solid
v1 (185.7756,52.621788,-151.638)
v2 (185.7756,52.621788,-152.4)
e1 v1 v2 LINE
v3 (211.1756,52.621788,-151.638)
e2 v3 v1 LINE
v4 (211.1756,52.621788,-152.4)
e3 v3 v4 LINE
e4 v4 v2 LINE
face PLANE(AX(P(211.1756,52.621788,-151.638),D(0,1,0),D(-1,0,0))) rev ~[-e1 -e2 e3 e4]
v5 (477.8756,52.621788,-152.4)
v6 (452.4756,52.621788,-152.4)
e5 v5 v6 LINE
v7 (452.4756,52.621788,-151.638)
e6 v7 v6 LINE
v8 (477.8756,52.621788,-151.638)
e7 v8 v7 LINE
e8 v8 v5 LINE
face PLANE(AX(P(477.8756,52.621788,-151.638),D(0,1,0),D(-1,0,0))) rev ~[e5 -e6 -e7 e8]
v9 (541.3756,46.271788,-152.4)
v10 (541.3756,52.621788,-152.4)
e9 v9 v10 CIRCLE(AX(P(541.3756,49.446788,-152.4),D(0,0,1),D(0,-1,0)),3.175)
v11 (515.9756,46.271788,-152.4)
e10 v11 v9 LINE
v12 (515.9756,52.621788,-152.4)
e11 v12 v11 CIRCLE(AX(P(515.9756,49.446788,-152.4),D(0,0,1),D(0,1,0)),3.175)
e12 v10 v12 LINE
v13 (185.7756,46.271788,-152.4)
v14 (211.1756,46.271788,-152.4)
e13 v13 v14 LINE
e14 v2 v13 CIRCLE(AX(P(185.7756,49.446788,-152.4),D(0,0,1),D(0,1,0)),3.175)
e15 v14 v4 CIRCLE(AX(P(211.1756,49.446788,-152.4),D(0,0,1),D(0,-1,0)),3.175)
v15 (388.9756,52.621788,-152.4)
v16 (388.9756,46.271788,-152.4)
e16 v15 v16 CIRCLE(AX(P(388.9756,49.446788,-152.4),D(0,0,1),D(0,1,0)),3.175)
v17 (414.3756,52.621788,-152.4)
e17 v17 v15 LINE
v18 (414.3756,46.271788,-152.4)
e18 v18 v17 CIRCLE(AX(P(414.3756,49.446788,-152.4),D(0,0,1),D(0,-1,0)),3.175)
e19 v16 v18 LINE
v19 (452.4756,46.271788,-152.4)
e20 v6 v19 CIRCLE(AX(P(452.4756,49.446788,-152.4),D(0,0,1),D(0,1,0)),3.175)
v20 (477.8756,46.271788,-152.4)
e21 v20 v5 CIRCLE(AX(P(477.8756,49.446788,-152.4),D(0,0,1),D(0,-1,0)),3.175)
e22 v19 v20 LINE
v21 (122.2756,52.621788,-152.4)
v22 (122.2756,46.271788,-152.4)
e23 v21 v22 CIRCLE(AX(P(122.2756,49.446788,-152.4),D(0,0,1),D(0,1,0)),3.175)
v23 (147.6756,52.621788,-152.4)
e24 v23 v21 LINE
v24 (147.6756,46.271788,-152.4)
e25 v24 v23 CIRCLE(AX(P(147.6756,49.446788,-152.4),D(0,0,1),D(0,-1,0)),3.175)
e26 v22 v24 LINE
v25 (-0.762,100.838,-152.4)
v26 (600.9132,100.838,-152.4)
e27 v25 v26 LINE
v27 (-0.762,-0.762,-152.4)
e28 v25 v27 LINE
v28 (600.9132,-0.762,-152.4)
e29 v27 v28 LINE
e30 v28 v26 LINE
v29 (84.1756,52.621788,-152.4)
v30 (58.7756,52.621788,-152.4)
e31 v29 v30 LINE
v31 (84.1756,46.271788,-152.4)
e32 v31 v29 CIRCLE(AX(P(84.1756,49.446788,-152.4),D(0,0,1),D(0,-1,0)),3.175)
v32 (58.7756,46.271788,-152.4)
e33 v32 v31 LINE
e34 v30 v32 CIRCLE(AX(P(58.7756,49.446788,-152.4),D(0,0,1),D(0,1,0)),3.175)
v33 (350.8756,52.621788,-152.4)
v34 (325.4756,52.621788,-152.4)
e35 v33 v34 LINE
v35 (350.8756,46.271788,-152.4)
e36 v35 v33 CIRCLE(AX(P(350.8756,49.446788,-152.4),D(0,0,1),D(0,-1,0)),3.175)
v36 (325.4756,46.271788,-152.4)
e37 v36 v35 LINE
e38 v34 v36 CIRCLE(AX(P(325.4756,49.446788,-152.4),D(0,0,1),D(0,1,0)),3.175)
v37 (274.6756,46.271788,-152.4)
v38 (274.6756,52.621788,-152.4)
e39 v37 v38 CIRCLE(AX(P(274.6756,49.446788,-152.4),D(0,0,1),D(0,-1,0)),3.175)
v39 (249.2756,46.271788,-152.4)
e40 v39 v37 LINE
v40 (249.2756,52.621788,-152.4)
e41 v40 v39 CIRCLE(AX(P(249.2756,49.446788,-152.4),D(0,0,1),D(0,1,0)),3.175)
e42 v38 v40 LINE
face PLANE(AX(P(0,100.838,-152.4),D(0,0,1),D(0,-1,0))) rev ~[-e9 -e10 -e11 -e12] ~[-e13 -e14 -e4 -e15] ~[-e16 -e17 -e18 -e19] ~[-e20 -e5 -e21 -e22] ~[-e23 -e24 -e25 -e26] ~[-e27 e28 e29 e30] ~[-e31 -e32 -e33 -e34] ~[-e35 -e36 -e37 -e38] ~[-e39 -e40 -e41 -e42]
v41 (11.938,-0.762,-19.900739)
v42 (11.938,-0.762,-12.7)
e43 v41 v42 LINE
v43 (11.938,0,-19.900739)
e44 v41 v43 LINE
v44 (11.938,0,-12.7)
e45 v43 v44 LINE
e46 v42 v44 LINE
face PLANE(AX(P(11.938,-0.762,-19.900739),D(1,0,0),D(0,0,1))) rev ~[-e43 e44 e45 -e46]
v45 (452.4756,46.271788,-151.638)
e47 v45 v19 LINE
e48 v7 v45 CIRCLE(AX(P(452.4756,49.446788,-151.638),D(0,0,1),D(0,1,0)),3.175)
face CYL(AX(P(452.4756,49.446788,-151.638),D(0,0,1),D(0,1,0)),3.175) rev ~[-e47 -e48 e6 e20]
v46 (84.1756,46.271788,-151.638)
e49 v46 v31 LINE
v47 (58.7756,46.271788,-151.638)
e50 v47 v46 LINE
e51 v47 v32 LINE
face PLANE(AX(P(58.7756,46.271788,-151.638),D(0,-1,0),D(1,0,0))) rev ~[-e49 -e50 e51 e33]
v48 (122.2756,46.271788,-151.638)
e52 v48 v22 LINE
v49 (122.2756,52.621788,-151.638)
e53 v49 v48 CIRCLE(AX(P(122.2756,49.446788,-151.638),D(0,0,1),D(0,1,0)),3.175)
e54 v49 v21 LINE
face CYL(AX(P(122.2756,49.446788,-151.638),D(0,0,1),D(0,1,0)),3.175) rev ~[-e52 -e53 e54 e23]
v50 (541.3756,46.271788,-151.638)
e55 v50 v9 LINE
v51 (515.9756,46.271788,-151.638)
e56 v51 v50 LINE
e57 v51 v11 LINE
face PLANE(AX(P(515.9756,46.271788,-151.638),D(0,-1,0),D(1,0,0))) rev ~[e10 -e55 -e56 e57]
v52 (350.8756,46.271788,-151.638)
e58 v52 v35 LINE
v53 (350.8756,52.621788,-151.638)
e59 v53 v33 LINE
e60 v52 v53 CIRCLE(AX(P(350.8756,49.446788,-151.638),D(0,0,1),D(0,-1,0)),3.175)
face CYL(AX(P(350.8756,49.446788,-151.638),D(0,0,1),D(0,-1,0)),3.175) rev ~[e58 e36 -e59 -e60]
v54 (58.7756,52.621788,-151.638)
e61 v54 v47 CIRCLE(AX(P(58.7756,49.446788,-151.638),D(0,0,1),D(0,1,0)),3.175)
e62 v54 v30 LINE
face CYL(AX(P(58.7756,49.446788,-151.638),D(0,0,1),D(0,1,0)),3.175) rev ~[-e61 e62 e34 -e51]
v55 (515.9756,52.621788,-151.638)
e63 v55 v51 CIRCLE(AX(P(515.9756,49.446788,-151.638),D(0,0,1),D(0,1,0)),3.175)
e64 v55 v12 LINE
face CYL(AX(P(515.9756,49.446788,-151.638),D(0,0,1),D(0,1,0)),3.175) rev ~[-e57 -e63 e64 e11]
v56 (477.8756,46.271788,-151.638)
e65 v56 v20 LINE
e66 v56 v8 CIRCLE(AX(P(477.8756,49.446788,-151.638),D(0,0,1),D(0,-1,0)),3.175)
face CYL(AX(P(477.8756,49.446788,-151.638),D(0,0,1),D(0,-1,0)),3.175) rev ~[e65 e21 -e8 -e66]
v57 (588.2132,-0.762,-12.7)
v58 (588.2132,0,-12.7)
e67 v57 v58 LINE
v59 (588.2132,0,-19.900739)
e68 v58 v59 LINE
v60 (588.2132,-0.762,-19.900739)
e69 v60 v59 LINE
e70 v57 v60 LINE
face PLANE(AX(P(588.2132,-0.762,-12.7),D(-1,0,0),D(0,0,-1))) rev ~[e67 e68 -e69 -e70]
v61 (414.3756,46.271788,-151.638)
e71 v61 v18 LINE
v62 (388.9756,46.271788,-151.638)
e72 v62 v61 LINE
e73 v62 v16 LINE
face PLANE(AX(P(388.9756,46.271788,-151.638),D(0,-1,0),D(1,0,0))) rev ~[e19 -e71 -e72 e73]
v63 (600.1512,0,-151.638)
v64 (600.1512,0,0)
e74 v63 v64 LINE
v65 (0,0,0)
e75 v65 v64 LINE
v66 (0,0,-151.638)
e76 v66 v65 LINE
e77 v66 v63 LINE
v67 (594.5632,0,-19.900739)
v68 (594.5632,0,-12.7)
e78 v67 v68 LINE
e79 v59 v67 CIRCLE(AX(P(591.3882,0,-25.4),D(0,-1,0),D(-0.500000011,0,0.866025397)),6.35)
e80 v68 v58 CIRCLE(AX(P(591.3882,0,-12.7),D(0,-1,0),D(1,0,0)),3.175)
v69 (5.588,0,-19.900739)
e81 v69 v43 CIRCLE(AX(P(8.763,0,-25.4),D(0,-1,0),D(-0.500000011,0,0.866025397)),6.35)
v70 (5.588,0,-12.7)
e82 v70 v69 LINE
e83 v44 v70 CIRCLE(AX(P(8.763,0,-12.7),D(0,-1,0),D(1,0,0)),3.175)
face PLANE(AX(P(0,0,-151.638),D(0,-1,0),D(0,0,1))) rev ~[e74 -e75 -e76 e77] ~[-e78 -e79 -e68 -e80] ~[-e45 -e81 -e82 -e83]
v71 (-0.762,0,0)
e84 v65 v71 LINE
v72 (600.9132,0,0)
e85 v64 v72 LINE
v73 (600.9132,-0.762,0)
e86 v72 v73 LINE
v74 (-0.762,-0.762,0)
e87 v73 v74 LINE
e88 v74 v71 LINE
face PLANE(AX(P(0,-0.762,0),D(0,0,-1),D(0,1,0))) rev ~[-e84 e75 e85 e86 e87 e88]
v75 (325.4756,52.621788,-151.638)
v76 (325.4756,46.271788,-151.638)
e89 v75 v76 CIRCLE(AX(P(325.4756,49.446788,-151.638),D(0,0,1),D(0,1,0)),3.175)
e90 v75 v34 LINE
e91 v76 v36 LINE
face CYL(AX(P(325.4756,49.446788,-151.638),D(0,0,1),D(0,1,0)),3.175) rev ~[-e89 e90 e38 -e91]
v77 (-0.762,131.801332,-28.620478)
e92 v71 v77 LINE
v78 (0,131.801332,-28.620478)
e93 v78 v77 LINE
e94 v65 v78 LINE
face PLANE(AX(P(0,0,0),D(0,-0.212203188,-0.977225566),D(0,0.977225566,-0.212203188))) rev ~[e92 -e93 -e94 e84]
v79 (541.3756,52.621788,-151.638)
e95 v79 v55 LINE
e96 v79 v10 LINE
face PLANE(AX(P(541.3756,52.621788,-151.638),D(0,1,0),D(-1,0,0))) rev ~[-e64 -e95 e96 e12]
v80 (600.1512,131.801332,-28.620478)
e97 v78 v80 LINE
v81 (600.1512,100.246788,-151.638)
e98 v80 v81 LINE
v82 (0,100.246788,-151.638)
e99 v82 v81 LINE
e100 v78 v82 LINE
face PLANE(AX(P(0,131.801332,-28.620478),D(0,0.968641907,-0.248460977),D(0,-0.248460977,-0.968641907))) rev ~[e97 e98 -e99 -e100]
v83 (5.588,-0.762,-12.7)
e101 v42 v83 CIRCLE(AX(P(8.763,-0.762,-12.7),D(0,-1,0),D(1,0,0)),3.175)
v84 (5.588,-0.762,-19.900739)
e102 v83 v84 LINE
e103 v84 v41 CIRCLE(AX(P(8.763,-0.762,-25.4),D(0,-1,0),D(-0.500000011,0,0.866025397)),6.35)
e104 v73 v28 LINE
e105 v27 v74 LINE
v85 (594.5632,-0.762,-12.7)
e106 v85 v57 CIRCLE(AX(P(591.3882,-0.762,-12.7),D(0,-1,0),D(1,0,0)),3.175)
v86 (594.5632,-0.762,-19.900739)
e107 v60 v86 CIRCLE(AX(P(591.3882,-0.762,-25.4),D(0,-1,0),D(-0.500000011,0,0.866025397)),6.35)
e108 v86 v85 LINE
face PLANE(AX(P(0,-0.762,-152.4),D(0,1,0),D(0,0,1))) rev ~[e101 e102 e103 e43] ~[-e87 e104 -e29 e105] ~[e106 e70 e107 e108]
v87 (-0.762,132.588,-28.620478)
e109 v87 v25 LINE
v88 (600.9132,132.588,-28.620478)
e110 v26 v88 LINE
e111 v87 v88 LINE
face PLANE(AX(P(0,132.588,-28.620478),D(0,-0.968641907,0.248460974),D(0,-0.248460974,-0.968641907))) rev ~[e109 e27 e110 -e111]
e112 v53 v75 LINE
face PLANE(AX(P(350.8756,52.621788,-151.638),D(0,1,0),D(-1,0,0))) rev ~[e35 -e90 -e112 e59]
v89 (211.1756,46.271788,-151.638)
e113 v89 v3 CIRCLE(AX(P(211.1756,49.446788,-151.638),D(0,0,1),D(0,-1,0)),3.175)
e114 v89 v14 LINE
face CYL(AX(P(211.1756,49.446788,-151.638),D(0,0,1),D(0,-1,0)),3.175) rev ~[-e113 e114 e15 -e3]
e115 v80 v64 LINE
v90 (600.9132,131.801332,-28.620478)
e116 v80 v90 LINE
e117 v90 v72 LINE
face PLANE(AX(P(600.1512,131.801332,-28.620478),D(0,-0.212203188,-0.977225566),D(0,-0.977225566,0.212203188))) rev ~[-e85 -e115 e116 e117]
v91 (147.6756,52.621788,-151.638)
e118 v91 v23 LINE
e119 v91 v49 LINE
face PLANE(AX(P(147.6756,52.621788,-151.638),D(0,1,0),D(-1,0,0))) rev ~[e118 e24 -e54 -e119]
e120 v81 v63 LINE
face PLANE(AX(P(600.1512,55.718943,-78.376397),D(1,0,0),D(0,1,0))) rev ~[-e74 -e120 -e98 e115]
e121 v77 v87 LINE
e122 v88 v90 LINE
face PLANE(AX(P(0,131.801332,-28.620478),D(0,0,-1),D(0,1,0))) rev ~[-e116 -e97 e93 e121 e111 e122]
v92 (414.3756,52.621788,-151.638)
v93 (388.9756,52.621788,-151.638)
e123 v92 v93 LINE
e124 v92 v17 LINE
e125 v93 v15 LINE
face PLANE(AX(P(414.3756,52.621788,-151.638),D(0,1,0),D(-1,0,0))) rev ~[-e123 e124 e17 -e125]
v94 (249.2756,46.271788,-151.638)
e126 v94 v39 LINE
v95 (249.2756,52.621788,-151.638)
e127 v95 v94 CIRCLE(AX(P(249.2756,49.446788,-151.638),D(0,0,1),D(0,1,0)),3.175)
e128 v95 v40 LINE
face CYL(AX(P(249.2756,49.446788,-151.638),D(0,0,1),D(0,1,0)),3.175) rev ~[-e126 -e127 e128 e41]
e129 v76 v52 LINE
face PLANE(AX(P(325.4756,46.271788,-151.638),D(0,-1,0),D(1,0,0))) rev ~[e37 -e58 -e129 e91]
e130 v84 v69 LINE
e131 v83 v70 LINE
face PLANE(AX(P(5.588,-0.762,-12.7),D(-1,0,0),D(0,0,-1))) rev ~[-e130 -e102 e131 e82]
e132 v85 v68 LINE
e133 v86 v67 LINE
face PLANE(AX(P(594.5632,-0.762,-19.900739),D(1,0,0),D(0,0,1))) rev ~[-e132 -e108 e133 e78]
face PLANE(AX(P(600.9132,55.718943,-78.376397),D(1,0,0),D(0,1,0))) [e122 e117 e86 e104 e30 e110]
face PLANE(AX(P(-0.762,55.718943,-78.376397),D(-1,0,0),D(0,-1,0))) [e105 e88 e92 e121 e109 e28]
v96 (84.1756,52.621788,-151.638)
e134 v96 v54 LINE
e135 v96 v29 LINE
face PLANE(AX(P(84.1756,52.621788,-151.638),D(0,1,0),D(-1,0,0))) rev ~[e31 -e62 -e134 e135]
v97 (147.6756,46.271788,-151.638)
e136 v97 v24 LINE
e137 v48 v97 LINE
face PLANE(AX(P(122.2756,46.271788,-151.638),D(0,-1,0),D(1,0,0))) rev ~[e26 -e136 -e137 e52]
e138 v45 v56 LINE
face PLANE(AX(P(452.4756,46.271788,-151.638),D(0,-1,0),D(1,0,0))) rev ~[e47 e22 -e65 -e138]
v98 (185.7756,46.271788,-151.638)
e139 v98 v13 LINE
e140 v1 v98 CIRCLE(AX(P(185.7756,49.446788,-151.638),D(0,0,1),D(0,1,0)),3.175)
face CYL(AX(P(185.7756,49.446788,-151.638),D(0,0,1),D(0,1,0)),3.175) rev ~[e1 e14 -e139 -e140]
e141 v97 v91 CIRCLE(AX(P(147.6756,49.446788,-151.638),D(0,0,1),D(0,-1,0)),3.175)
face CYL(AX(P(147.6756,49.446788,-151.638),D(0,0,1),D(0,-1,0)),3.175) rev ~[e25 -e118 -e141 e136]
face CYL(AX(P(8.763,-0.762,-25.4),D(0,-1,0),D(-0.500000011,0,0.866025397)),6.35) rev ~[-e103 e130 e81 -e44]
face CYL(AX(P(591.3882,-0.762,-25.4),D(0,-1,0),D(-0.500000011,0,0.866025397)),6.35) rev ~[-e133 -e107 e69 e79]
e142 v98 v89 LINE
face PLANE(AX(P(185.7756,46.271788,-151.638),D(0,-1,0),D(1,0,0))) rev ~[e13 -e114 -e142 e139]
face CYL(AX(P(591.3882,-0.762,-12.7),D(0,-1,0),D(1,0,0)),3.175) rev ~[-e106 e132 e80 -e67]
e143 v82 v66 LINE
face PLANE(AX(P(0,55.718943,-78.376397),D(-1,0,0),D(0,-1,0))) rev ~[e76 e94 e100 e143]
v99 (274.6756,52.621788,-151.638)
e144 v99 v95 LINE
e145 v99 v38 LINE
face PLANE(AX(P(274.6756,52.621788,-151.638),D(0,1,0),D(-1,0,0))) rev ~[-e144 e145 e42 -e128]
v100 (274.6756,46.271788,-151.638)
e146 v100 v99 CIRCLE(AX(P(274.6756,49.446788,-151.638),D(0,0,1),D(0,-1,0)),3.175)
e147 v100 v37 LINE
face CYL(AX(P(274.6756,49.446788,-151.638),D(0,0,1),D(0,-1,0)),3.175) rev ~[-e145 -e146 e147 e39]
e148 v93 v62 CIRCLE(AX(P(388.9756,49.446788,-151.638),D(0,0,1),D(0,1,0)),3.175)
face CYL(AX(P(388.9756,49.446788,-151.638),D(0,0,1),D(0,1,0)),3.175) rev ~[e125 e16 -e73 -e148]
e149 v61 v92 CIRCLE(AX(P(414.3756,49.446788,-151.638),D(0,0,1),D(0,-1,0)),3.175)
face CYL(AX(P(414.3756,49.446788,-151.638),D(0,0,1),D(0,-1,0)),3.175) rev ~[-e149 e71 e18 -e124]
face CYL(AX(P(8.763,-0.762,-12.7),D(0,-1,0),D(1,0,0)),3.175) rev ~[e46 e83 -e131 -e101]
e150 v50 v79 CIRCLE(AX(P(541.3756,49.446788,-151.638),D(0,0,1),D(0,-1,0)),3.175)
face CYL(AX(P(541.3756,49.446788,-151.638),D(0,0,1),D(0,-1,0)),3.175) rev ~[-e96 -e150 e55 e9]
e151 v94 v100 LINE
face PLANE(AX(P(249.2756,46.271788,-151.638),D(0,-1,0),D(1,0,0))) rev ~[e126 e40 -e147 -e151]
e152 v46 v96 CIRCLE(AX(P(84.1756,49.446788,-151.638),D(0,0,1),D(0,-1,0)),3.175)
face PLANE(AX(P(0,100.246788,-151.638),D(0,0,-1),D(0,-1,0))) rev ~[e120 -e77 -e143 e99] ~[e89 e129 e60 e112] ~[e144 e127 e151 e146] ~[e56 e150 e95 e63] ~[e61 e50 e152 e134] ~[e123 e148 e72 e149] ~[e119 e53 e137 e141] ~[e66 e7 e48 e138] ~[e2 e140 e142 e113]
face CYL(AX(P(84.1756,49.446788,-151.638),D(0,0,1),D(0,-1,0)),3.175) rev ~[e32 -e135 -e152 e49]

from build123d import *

# Parameters (mm, degrees)
F1_DEPTH = 600.1512
F3_DEPTH = 0.762
F5_DEPTH = 0.762
F7_DEPTH = 0.762
F9_DEPTH = 25.4


with BuildPart() as f1:
    # F0 (on Right) → F1 (new body)
    with BuildSketch(Plane.YZ):
        Polygon((0, -151.638), (0, 0), (-0.762, 0), (-0.762, -152.4), (100.838, -152.4), (132.588, -28.620478), (131.801332, -28.620478), (100.246788, -151.638), align=None)
    extrude(amount=F1_DEPTH)

    # F2 (on face) → F3 (join)
    with BuildSketch(Plane.YZ.offset(600.1512)):
        Polygon((0, 0), (-0.762, 0), (-0.762, -152.4), (100.838, -152.4), (132.588, -28.620478), (131.801332, -28.620478), align=None)
    extrude(amount=F3_DEPTH)

    # F4 (on face) → F5 (join)
    with BuildSketch(Plane(origin=(0, 0, 0), x_dir=(0, -1, 0), z_dir=(-1, 0, 0))):
        Polygon((0.762, -152.4), (0.762, 0), (0, 0), (-131.801332, -28.620478), (-132.588, -28.620478), (-100.838, -152.4), align=None)
    extrude(amount=F5_DEPTH)

    # F6 (on face) → F7 (cut)
    with BuildSketch(Plane.XZ.offset(0.762)):
        with BuildLine():
            Line((5.588, -12.7), (5.588, -19.900739))
            ThreePointArc((5.588, -19.900739), (8.763, -31.75), (11.938, -19.900739))
            Line((11.938, -19.900739), (11.938, -12.7))
            ThreePointArc((11.938, -12.7), (8.763, -9.525), (5.588, -12.7))
        make_face()
        with BuildLine():
            ThreePointArc((588.2132, -19.900739), (591.3882, -31.75), (594.5632, -19.900739))
            Line((594.5632, -19.900739), (594.5632, -12.7))
            ThreePointArc((594.5632, -12.7), (591.3882, -9.525), (588.2132, -12.7))
            Line((588.2132, -12.7), (588.2132, -19.900739))
        make_face()
    extrude(amount=-F7_DEPTH, mode=Mode.SUBTRACT)

    # F8 (on face) → F9 (cut)
    with BuildSketch(Plane.XY.offset(-151.638)):
        with BuildLine():
            Line((84.1756, 52.621788), (58.7756, 52.621788))
            ThreePointArc((58.7756, 52.621788), (55.6006, 49.446788), (58.7756, 46.271788))
            Line((58.7756, 46.271788), (84.1756, 46.271788))
            ThreePointArc((84.1756, 46.271788), (87.3506, 49.446788), (84.1756, 52.621788))
        make_face()
        with BuildLine():
            Line((147.6756, 52.621788), (122.2756, 52.621788))
            ThreePointArc((122.2756, 52.621788), (119.1006, 49.446788), (122.2756, 46.271788))
            Line((122.2756, 46.271788), (147.6756, 46.271788))
            ThreePointArc((147.6756, 46.271788), (150.8506, 49.446788), (147.6756, 52.621788))
        make_face()
        with BuildLine():
            Line((211.1756, 52.621788), (185.7756, 52.621788))
            ThreePointArc((185.7756, 52.621788), (182.6006, 49.446788), (185.7756, 46.271788))
            Line((185.7756, 46.271788), (211.1756, 46.271788))
            ThreePointArc((211.1756, 46.271788), (214.3506, 49.446788), (211.1756, 52.621788))
        make_face()
        with BuildLine():
            Line((274.6756, 52.621788), (249.2756, 52.621788))
            ThreePointArc((249.2756, 52.621788), (246.1006, 49.446788), (249.2756, 46.271788))
            Line((249.2756, 46.271788), (274.6756, 46.271788))
            ThreePointArc((274.6756, 46.271788), (277.8506, 49.446788), (274.6756, 52.621788))
        make_face()
        with BuildLine():
            ThreePointArc((350.8756, 46.271788), (354.0506, 49.446788), (350.8756, 52.621788))
            Line((350.8756, 52.621788), (325.4756, 52.621788))
            ThreePointArc((325.4756, 52.621788), (322.3006, 49.446788), (325.4756, 46.271788))
            Line((325.4756, 46.271788), (350.8756, 46.271788))
        make_face()
        with BuildLine():
            ThreePointArc((388.9756, 52.621788), (385.8006, 49.446788), (388.9756, 46.271788))
            Line((388.9756, 46.271788), (414.3756, 46.271788))
            ThreePointArc((414.3756, 46.271788), (417.5506, 49.446788), (414.3756, 52.621788))
            Line((414.3756, 52.621788), (388.9756, 52.621788))
        make_face()
        with BuildLine():
            ThreePointArc((452.4756, 52.621788), (449.3006, 49.446788), (452.4756, 46.271788))
            Line((452.4756, 46.271788), (477.8756, 46.271788))
            ThreePointArc((477.8756, 46.271788), (481.0506, 49.446788), (477.8756, 52.621788))
            Line((477.8756, 52.621788), (452.4756, 52.621788))
        make_face()
        with BuildLine():
            ThreePointArc((541.3756, 46.271788), (544.5506, 49.446788), (541.3756, 52.621788))
            Line((541.3756, 52.621788), (515.9756, 52.621788))
            ThreePointArc((515.9756, 52.621788), (512.8006, 49.446788), (515.9756, 46.271788))
            Line((515.9756, 46.271788), (541.3756, 46.271788))
        make_face()
    extrude(amount=-F9_DEPTH, mode=Mode.SUBTRACT)


solid = f1.part
